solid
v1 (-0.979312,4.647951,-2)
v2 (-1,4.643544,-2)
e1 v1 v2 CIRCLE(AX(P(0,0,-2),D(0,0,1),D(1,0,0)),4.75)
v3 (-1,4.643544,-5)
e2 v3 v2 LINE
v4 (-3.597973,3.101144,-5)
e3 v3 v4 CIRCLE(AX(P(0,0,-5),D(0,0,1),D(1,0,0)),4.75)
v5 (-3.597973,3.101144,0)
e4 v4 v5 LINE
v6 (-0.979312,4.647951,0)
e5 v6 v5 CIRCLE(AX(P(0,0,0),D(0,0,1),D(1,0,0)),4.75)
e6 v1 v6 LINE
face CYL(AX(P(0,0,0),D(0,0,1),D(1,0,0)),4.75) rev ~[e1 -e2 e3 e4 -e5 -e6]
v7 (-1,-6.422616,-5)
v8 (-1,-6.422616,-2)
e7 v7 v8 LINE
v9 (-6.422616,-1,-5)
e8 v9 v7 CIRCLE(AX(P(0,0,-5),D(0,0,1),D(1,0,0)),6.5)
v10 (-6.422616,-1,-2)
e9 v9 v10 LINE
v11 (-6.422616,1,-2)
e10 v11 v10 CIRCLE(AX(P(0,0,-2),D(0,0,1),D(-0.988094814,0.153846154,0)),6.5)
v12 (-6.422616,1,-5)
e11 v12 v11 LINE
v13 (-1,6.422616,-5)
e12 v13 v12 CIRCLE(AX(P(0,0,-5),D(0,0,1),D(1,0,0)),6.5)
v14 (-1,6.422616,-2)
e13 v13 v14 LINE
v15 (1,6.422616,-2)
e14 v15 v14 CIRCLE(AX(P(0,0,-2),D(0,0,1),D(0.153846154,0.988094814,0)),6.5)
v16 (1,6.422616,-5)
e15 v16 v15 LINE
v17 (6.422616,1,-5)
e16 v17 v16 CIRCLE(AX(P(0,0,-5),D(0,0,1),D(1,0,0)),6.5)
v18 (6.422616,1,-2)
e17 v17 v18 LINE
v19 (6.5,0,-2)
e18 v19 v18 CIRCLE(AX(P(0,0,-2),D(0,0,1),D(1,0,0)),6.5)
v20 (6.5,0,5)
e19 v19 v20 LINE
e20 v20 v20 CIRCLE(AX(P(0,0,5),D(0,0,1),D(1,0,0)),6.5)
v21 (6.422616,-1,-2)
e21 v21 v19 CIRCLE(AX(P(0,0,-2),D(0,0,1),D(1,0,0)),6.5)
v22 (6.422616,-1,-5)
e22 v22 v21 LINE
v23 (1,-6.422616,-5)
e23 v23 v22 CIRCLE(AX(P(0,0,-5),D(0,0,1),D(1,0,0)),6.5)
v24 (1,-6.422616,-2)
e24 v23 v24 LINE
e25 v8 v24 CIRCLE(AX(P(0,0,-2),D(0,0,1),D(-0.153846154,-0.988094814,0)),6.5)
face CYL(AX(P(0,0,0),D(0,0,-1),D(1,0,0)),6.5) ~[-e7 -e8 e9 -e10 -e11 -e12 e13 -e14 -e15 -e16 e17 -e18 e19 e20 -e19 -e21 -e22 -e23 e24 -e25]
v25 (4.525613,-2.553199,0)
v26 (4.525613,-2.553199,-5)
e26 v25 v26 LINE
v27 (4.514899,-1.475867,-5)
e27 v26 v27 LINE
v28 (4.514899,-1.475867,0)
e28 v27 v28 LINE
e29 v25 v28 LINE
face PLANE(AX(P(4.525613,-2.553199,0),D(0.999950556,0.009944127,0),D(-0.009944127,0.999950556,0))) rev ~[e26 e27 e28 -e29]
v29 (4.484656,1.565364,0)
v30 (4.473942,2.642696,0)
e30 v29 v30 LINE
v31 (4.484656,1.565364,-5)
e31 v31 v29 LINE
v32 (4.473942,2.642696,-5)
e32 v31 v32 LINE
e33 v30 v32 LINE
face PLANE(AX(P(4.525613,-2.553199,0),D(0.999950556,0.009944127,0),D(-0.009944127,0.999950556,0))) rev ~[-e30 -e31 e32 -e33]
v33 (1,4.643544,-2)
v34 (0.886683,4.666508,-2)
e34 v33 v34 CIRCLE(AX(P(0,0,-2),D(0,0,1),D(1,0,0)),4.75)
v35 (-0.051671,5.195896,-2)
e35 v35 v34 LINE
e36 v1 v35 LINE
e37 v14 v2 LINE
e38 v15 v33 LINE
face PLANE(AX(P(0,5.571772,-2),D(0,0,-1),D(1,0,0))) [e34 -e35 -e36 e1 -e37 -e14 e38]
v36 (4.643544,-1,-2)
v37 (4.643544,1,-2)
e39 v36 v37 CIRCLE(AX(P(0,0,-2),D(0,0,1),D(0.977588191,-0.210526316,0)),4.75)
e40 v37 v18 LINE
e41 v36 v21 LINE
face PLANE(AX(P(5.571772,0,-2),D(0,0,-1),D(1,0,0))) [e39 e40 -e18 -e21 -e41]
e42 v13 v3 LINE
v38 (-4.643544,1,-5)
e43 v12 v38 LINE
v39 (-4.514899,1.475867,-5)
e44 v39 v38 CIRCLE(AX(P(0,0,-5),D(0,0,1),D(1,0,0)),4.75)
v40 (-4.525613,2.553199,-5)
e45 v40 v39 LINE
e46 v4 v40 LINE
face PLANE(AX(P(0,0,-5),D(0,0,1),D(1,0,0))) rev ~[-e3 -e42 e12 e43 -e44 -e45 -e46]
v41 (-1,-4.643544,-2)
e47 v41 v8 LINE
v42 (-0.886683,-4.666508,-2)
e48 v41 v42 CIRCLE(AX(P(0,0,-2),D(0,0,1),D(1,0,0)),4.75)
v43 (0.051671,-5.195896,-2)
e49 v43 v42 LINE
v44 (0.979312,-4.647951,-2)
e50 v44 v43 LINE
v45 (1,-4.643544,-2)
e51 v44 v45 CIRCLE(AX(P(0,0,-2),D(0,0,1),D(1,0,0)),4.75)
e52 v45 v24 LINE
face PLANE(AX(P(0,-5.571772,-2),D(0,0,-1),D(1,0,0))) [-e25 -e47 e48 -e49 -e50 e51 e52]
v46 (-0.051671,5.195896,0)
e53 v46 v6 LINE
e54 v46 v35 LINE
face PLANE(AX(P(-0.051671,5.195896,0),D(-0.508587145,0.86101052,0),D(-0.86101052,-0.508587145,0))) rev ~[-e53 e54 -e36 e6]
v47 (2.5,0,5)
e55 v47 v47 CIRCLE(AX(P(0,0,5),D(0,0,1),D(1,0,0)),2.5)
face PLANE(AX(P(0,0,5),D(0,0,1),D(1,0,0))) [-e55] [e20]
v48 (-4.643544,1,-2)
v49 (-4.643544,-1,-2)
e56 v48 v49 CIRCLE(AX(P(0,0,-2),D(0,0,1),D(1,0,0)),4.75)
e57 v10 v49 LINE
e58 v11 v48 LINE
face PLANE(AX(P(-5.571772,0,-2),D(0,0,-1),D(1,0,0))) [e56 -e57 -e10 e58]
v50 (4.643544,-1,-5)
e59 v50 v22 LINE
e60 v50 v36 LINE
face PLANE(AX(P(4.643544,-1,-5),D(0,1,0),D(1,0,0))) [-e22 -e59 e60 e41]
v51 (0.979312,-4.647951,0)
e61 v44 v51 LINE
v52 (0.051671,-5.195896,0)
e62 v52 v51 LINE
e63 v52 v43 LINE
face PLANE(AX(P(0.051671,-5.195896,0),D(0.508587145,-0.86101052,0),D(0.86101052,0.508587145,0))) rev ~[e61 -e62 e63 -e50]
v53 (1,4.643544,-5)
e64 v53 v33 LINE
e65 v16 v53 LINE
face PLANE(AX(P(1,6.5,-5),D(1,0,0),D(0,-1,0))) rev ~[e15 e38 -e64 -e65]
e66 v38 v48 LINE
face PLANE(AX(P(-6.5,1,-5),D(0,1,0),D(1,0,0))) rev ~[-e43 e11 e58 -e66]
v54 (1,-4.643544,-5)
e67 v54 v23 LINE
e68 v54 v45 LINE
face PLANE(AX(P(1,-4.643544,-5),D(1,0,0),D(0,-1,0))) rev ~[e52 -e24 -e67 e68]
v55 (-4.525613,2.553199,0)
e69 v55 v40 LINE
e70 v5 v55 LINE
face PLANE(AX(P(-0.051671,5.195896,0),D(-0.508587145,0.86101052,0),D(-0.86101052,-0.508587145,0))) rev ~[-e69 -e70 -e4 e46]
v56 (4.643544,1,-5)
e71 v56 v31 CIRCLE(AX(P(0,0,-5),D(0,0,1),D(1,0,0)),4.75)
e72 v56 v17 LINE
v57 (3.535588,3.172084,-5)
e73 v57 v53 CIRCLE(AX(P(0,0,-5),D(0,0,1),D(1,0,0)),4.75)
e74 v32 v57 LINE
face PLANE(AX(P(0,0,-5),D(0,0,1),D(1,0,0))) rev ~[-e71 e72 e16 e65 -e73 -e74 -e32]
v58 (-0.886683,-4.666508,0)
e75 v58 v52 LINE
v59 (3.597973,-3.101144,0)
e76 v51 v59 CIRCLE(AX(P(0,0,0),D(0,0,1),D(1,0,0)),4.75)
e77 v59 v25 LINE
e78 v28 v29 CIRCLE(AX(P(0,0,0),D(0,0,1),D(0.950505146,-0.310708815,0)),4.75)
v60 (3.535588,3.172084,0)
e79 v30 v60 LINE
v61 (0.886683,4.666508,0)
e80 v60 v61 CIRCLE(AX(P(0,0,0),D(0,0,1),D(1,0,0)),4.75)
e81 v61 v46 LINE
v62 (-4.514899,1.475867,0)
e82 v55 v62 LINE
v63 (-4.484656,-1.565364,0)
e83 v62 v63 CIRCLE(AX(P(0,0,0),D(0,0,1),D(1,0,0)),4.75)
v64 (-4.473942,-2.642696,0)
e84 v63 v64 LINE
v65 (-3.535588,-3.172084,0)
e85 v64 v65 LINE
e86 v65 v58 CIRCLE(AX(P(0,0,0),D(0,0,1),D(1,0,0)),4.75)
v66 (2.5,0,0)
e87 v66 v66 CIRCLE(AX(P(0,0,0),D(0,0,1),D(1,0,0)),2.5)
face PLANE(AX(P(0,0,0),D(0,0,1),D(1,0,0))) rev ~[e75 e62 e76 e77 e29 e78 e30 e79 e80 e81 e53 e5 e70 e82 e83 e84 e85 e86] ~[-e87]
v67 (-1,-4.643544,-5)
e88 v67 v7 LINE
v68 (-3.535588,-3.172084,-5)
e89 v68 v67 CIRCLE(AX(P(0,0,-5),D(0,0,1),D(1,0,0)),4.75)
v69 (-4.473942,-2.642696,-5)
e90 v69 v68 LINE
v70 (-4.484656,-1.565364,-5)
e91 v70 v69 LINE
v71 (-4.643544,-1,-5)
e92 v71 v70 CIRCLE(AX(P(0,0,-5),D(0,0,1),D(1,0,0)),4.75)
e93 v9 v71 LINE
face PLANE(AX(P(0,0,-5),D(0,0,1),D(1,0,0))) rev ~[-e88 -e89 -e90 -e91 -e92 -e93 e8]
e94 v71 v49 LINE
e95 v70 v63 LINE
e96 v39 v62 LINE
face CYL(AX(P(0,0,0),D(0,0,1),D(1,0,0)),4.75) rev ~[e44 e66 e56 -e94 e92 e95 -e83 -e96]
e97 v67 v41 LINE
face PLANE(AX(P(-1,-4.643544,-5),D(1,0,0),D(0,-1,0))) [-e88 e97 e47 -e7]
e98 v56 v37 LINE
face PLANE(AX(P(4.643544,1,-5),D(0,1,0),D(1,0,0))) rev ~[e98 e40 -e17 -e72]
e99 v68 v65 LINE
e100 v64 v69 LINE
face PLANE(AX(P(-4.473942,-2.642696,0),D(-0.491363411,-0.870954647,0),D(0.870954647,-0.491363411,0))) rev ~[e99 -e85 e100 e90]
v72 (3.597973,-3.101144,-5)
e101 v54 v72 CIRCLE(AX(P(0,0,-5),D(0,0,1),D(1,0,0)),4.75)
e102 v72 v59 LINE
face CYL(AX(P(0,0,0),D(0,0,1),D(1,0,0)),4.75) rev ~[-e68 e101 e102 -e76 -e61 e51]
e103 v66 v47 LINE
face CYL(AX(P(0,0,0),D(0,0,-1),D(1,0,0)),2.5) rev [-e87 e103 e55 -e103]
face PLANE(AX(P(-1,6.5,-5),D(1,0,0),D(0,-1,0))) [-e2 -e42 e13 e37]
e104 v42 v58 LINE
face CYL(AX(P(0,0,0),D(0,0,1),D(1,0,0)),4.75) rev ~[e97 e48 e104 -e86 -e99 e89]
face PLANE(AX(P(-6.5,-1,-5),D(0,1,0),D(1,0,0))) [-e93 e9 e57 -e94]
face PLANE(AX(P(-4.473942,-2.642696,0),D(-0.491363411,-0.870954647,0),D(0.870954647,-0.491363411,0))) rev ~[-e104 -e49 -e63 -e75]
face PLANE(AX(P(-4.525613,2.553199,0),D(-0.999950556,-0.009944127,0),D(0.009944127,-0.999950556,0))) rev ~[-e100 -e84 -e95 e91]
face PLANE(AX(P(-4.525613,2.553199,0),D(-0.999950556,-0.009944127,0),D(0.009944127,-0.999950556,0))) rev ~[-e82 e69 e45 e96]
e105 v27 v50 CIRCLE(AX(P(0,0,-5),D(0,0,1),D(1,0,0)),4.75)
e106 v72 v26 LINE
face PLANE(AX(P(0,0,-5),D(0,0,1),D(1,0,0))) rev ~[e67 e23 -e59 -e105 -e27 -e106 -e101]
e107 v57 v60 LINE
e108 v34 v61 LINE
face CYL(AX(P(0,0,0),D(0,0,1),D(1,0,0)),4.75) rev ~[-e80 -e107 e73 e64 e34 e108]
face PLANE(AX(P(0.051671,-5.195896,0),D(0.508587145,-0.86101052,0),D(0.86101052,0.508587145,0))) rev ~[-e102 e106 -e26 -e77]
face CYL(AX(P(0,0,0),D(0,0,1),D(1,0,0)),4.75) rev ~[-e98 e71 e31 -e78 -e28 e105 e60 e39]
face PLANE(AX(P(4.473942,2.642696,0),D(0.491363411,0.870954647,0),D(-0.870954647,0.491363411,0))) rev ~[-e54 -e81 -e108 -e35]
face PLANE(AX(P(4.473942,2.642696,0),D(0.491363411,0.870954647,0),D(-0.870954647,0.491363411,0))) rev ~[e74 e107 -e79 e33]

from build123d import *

# Parameters (mm, degrees)
F0_R     = 6.5
F0_R_2   = 4.75
F1_DEPTH = 5
F0_R_3   = 2.5
F2_DEPTH = 5
F3_W     = 1.8564560947
F3_H     = 2
F3_W_2   = 2
F3_H_2   = 1.8564560947
F4_DEPTH = 3
F6_DEPTH = 5


with BuildPart() as f1:
    # F0 (on Top) → F1 (new body)
    with BuildSketch(Plane.XY):
        Circle(F0_R)
        Circle(F0_R_2, mode=Mode.SUBTRACT)
    extrude(amount=-F1_DEPTH)

    # F0 (on Top) → F2 (join)
    with BuildSketch(Plane.XY):
        Circle(F0_R)
        Circle(F0_R_2, mode=Mode.SUBTRACT)
        Circle(F0_R_2)
        Circle(F0_R_3, mode=Mode.SUBTRACT)
    extrude(amount=F2_DEPTH)

    # F3 (on face) → F4 (cut)
    with BuildSketch(Plane(origin=(0, 0, -5), x_dir=(1, 0, 0), z_dir=(0, 0, -1))):
        with Locations((-5.5717719526, 0)):
            Rectangle(F3_W, F3_H)
        with Locations((0, -5.5717719526)):
            Rectangle(F3_W_2, F3_H_2)
        with Locations((5.5717719526, 0)):
            Rectangle(F3_W, F3_H)
        with Locations((0, 5.5717719526)):
            Rectangle(F3_W_2, F3_H_2)
    extrude(amount=-F4_DEPTH, mode=Mode.SUBTRACT)

    # F5 (on face) → F6 (cut, through all)
    with BuildSketch(Plane.XY):
        Polygon((0.0516711998, -5.1958955039), (4.5256131017, -2.5531991802), (4.4739419018, 2.6426963236), (-0.0516711998, 5.1958955039), (-4.5256131017, 2.5531991802), (-4.4739419018, -2.6426963236), align=None)
    extrude(amount=-F6_DEPTH, mode=Mode.SUBTRACT)


solid = f1.part
